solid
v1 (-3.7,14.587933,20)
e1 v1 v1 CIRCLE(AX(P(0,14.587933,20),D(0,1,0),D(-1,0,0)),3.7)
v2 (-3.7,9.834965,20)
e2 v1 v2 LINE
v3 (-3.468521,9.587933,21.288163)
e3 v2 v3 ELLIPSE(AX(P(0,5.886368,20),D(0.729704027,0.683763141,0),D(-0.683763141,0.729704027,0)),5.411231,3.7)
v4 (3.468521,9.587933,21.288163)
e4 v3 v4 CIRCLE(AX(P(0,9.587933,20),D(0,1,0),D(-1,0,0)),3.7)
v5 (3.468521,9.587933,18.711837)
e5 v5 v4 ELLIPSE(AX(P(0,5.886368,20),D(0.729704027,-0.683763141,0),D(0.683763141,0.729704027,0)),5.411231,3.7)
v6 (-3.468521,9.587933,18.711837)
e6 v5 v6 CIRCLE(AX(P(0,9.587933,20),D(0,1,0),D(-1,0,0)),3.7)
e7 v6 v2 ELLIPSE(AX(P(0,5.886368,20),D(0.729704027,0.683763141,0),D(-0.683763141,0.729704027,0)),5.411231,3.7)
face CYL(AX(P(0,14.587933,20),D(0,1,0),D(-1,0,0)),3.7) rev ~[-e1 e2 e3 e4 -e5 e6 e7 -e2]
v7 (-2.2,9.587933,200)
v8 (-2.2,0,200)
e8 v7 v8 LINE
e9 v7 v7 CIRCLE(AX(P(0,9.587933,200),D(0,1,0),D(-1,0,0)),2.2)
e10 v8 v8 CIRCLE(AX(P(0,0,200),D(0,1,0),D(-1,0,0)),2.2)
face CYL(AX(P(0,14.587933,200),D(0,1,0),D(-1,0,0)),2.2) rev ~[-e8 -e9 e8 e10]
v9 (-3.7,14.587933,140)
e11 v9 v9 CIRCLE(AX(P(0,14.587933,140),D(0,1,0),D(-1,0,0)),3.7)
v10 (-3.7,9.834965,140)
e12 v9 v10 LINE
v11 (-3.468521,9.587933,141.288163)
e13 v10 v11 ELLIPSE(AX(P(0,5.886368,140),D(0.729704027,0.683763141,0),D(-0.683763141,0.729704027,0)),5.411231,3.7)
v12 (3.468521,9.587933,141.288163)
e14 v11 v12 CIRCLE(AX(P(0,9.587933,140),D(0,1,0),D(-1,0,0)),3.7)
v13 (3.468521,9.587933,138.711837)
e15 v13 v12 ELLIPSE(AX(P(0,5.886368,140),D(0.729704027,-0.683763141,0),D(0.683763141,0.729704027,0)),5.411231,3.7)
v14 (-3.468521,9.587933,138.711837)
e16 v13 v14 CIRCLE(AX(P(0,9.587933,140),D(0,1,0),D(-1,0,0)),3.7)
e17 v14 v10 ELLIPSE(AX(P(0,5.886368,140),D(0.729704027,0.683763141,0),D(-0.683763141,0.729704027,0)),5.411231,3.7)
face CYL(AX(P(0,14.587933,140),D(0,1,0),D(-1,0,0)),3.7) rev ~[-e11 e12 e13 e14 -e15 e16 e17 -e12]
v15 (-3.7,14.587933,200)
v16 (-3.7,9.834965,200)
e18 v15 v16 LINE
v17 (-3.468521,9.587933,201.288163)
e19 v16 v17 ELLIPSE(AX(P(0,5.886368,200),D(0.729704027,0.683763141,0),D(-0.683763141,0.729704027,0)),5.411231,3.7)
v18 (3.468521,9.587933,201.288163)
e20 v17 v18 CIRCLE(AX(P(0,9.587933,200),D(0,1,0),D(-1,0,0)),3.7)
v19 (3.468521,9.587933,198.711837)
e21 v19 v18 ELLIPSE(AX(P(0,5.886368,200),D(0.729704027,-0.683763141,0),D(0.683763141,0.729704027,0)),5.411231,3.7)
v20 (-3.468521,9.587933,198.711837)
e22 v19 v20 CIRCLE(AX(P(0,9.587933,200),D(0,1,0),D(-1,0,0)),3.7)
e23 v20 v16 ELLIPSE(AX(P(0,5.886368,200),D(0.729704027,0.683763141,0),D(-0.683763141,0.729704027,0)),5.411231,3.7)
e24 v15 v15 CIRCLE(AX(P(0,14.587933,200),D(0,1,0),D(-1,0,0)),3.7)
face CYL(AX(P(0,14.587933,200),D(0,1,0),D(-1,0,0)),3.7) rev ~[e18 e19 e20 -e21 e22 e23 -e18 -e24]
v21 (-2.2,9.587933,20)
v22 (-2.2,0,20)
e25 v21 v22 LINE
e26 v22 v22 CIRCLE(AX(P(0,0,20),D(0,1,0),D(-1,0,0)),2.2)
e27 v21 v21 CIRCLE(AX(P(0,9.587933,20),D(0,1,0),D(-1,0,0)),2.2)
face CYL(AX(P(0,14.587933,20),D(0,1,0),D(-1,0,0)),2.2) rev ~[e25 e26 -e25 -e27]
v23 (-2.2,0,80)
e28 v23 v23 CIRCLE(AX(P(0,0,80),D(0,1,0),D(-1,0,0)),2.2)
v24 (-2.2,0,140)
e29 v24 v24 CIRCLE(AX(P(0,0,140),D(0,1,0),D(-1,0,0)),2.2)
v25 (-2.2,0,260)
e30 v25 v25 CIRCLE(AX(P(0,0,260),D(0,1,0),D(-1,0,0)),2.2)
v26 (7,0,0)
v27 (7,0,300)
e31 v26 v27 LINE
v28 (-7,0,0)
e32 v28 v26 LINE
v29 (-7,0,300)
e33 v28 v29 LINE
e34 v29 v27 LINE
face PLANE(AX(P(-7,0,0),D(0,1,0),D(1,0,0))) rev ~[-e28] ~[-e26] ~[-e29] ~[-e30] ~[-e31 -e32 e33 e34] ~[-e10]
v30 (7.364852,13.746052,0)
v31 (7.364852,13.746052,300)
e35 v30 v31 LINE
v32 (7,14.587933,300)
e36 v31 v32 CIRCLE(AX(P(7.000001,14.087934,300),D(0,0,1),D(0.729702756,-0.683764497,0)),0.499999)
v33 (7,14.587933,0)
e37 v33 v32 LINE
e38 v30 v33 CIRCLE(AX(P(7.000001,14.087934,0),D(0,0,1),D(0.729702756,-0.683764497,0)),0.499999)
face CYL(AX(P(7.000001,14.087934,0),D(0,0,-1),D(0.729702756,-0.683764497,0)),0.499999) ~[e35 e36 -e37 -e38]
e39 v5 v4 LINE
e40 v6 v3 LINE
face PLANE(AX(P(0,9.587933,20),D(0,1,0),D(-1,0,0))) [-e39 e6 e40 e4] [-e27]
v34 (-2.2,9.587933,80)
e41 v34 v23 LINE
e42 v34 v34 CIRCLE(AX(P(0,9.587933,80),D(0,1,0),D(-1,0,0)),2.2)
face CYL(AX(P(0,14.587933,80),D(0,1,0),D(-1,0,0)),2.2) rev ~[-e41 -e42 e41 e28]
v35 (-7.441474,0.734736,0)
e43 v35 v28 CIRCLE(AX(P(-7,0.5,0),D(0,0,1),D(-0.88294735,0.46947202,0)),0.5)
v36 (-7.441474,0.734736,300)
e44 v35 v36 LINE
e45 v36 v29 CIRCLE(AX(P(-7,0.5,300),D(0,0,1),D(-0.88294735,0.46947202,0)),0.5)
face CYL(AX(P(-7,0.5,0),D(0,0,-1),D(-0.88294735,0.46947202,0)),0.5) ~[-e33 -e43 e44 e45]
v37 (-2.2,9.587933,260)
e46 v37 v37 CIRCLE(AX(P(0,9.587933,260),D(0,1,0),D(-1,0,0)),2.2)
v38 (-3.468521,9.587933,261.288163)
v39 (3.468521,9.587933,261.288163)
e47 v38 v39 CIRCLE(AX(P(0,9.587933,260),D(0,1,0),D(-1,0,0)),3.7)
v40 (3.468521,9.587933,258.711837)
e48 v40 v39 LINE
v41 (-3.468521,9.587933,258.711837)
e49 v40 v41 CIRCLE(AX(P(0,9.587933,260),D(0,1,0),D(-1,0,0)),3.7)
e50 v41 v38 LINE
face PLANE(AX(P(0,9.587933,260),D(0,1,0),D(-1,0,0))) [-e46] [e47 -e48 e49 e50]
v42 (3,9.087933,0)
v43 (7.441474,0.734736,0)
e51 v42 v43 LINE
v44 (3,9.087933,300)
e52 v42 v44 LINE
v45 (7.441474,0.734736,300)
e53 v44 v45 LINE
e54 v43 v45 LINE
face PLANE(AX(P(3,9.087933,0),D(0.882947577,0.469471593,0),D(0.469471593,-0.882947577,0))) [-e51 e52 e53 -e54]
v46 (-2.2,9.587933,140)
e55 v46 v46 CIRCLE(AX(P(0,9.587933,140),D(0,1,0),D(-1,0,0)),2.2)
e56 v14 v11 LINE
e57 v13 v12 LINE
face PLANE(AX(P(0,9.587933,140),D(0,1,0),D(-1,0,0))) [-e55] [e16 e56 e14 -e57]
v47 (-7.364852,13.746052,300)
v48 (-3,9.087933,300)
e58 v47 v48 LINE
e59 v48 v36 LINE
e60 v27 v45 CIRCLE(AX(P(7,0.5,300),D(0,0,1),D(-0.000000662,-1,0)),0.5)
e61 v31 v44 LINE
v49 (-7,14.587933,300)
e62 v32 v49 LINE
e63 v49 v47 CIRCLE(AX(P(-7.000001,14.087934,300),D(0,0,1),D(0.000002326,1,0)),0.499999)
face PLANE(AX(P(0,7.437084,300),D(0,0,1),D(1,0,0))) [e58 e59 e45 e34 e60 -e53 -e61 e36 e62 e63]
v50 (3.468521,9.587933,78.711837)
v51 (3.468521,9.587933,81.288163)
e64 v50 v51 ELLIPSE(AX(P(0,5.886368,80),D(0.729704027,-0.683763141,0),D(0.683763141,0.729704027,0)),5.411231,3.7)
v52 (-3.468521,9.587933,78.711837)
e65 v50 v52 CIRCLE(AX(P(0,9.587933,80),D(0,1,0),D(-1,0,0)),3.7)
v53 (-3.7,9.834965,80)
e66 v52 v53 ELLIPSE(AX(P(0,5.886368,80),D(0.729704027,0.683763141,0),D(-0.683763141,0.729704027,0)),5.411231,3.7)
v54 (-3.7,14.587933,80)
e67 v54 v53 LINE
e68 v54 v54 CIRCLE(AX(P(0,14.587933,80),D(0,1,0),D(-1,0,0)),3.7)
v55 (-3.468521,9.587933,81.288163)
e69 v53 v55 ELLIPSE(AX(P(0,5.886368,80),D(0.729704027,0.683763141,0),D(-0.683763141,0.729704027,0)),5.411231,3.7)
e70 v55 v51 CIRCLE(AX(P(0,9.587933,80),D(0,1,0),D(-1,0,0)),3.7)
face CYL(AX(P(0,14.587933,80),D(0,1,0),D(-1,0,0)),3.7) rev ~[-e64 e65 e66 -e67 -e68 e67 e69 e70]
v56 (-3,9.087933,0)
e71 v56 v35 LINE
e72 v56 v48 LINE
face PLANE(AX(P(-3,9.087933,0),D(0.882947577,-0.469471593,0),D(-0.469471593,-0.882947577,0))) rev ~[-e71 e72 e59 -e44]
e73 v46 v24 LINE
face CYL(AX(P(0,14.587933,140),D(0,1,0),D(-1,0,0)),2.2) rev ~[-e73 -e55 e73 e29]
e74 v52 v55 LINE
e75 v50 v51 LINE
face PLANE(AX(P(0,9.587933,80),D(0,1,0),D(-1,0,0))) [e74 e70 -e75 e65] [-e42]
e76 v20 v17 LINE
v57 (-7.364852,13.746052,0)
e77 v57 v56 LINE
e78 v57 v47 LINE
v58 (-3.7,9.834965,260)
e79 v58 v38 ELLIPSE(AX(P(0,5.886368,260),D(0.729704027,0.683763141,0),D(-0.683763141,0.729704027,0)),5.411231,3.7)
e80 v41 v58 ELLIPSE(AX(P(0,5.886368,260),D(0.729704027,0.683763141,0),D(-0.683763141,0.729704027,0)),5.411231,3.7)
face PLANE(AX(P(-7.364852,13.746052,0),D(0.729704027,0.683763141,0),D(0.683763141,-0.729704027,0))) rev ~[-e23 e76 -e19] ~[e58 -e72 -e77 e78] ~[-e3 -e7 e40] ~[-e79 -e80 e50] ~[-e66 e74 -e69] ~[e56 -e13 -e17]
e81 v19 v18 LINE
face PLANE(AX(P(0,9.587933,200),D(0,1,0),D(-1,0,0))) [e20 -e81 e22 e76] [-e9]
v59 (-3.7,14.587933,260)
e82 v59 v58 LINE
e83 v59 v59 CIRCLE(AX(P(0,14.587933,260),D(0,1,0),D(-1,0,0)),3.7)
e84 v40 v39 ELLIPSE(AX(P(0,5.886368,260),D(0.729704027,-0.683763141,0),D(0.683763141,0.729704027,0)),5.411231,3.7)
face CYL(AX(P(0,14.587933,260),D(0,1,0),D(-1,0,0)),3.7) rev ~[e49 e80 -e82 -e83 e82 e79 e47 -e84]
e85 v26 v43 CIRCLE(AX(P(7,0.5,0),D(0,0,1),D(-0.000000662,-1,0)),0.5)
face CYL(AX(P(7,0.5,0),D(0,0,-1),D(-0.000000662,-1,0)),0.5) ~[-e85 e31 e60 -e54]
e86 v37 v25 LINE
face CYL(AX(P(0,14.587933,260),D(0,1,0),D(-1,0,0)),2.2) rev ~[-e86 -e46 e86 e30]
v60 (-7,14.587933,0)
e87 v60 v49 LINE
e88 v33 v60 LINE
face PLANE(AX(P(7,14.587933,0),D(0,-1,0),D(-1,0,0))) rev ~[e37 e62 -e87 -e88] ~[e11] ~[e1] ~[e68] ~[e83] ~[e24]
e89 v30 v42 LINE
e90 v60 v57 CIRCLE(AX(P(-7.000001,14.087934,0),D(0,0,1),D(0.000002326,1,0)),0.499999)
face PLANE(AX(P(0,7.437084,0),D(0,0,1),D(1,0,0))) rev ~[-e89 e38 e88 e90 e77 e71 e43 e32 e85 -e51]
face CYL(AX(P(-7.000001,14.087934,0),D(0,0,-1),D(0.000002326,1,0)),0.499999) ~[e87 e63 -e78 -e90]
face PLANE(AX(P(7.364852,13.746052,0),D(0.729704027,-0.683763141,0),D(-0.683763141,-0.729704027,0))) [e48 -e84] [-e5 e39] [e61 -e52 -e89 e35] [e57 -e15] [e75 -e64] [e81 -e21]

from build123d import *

# Parameters (mm, degrees)
PAD_DEPTH       = 300
SKETCH001_R     = 2.2
POCKET_DEPTH    = 14.588933
SKETCH002_R     = 3.7
POCKET001_DEPTH = 5


with BuildPart() as part:
    # Sketch → Pad (new body)
    with BuildSketch(Plane.XY):
        with BuildLine():
            Line((-7, 0), (7, 0))
            ThreePointArc((7, 0), (7.428584, 0.242481), (7.441474, 0.734736))
            Line((3, 9.087933), (7.441474, 0.734736))
            Line((7.364852, 13.746052), (3, 9.087933))
            ThreePointArc((7.364852, 13.746052), (7.458771, 14.286754), (7, 14.587933))
            Line((7, 14.587933), (-7, 14.587933))
            ThreePointArc((-7, 14.587933), (-7.458771, 14.286754), (-7.364852, 13.746052))
            Line((-7.364852, 13.746052), (-3, 9.087933))
            Line((-3, 9.087933), (-7.441474, 0.734736))
            ThreePointArc((-7.441474, 0.734736), (-7.428584, 0.242481), (-7, 0))
        make_face()
    extrude(amount=PAD_DEPTH)

    # Sketch001 (on Face2 of Pad) → Pocket (cut, through all)
    with BuildSketch(Plane(origin=(0, 14.587933, 0), x_dir=(-1, 0, 0), z_dir=(0, 1, 0))):
        with Locations((0, 20)):
            Circle(SKETCH001_R)
        with Locations((0, 80)):
            Circle(SKETCH001_R)
        with Locations((0, 140)):
            Circle(SKETCH001_R)
        with Locations((0, 200)):
            Circle(SKETCH001_R)
        with Locations((0, 260)):
            Circle(SKETCH001_R)
    extrude(amount=-POCKET_DEPTH, mode=Mode.SUBTRACT)

    # Sketch002 → Pocket001 (cut)
    with BuildSketch(Plane(origin=(0, 14.587933, 0), x_dir=(-1, 0, 0), z_dir=(0, 1, 0))):
        with Locations((0, 260)):
            Circle(SKETCH002_R)
        with Locations((0, 200)):
            Circle(SKETCH002_R)
        with Locations((0, 140)):
            Circle(SKETCH002_R)
        with Locations((0, 80)):
            Circle(SKETCH002_R)
        with Locations((0, 20)):
            Circle(SKETCH002_R)
    extrude(amount=-POCKET001_DEPTH, mode=Mode.SUBTRACT)


solid = part.part
